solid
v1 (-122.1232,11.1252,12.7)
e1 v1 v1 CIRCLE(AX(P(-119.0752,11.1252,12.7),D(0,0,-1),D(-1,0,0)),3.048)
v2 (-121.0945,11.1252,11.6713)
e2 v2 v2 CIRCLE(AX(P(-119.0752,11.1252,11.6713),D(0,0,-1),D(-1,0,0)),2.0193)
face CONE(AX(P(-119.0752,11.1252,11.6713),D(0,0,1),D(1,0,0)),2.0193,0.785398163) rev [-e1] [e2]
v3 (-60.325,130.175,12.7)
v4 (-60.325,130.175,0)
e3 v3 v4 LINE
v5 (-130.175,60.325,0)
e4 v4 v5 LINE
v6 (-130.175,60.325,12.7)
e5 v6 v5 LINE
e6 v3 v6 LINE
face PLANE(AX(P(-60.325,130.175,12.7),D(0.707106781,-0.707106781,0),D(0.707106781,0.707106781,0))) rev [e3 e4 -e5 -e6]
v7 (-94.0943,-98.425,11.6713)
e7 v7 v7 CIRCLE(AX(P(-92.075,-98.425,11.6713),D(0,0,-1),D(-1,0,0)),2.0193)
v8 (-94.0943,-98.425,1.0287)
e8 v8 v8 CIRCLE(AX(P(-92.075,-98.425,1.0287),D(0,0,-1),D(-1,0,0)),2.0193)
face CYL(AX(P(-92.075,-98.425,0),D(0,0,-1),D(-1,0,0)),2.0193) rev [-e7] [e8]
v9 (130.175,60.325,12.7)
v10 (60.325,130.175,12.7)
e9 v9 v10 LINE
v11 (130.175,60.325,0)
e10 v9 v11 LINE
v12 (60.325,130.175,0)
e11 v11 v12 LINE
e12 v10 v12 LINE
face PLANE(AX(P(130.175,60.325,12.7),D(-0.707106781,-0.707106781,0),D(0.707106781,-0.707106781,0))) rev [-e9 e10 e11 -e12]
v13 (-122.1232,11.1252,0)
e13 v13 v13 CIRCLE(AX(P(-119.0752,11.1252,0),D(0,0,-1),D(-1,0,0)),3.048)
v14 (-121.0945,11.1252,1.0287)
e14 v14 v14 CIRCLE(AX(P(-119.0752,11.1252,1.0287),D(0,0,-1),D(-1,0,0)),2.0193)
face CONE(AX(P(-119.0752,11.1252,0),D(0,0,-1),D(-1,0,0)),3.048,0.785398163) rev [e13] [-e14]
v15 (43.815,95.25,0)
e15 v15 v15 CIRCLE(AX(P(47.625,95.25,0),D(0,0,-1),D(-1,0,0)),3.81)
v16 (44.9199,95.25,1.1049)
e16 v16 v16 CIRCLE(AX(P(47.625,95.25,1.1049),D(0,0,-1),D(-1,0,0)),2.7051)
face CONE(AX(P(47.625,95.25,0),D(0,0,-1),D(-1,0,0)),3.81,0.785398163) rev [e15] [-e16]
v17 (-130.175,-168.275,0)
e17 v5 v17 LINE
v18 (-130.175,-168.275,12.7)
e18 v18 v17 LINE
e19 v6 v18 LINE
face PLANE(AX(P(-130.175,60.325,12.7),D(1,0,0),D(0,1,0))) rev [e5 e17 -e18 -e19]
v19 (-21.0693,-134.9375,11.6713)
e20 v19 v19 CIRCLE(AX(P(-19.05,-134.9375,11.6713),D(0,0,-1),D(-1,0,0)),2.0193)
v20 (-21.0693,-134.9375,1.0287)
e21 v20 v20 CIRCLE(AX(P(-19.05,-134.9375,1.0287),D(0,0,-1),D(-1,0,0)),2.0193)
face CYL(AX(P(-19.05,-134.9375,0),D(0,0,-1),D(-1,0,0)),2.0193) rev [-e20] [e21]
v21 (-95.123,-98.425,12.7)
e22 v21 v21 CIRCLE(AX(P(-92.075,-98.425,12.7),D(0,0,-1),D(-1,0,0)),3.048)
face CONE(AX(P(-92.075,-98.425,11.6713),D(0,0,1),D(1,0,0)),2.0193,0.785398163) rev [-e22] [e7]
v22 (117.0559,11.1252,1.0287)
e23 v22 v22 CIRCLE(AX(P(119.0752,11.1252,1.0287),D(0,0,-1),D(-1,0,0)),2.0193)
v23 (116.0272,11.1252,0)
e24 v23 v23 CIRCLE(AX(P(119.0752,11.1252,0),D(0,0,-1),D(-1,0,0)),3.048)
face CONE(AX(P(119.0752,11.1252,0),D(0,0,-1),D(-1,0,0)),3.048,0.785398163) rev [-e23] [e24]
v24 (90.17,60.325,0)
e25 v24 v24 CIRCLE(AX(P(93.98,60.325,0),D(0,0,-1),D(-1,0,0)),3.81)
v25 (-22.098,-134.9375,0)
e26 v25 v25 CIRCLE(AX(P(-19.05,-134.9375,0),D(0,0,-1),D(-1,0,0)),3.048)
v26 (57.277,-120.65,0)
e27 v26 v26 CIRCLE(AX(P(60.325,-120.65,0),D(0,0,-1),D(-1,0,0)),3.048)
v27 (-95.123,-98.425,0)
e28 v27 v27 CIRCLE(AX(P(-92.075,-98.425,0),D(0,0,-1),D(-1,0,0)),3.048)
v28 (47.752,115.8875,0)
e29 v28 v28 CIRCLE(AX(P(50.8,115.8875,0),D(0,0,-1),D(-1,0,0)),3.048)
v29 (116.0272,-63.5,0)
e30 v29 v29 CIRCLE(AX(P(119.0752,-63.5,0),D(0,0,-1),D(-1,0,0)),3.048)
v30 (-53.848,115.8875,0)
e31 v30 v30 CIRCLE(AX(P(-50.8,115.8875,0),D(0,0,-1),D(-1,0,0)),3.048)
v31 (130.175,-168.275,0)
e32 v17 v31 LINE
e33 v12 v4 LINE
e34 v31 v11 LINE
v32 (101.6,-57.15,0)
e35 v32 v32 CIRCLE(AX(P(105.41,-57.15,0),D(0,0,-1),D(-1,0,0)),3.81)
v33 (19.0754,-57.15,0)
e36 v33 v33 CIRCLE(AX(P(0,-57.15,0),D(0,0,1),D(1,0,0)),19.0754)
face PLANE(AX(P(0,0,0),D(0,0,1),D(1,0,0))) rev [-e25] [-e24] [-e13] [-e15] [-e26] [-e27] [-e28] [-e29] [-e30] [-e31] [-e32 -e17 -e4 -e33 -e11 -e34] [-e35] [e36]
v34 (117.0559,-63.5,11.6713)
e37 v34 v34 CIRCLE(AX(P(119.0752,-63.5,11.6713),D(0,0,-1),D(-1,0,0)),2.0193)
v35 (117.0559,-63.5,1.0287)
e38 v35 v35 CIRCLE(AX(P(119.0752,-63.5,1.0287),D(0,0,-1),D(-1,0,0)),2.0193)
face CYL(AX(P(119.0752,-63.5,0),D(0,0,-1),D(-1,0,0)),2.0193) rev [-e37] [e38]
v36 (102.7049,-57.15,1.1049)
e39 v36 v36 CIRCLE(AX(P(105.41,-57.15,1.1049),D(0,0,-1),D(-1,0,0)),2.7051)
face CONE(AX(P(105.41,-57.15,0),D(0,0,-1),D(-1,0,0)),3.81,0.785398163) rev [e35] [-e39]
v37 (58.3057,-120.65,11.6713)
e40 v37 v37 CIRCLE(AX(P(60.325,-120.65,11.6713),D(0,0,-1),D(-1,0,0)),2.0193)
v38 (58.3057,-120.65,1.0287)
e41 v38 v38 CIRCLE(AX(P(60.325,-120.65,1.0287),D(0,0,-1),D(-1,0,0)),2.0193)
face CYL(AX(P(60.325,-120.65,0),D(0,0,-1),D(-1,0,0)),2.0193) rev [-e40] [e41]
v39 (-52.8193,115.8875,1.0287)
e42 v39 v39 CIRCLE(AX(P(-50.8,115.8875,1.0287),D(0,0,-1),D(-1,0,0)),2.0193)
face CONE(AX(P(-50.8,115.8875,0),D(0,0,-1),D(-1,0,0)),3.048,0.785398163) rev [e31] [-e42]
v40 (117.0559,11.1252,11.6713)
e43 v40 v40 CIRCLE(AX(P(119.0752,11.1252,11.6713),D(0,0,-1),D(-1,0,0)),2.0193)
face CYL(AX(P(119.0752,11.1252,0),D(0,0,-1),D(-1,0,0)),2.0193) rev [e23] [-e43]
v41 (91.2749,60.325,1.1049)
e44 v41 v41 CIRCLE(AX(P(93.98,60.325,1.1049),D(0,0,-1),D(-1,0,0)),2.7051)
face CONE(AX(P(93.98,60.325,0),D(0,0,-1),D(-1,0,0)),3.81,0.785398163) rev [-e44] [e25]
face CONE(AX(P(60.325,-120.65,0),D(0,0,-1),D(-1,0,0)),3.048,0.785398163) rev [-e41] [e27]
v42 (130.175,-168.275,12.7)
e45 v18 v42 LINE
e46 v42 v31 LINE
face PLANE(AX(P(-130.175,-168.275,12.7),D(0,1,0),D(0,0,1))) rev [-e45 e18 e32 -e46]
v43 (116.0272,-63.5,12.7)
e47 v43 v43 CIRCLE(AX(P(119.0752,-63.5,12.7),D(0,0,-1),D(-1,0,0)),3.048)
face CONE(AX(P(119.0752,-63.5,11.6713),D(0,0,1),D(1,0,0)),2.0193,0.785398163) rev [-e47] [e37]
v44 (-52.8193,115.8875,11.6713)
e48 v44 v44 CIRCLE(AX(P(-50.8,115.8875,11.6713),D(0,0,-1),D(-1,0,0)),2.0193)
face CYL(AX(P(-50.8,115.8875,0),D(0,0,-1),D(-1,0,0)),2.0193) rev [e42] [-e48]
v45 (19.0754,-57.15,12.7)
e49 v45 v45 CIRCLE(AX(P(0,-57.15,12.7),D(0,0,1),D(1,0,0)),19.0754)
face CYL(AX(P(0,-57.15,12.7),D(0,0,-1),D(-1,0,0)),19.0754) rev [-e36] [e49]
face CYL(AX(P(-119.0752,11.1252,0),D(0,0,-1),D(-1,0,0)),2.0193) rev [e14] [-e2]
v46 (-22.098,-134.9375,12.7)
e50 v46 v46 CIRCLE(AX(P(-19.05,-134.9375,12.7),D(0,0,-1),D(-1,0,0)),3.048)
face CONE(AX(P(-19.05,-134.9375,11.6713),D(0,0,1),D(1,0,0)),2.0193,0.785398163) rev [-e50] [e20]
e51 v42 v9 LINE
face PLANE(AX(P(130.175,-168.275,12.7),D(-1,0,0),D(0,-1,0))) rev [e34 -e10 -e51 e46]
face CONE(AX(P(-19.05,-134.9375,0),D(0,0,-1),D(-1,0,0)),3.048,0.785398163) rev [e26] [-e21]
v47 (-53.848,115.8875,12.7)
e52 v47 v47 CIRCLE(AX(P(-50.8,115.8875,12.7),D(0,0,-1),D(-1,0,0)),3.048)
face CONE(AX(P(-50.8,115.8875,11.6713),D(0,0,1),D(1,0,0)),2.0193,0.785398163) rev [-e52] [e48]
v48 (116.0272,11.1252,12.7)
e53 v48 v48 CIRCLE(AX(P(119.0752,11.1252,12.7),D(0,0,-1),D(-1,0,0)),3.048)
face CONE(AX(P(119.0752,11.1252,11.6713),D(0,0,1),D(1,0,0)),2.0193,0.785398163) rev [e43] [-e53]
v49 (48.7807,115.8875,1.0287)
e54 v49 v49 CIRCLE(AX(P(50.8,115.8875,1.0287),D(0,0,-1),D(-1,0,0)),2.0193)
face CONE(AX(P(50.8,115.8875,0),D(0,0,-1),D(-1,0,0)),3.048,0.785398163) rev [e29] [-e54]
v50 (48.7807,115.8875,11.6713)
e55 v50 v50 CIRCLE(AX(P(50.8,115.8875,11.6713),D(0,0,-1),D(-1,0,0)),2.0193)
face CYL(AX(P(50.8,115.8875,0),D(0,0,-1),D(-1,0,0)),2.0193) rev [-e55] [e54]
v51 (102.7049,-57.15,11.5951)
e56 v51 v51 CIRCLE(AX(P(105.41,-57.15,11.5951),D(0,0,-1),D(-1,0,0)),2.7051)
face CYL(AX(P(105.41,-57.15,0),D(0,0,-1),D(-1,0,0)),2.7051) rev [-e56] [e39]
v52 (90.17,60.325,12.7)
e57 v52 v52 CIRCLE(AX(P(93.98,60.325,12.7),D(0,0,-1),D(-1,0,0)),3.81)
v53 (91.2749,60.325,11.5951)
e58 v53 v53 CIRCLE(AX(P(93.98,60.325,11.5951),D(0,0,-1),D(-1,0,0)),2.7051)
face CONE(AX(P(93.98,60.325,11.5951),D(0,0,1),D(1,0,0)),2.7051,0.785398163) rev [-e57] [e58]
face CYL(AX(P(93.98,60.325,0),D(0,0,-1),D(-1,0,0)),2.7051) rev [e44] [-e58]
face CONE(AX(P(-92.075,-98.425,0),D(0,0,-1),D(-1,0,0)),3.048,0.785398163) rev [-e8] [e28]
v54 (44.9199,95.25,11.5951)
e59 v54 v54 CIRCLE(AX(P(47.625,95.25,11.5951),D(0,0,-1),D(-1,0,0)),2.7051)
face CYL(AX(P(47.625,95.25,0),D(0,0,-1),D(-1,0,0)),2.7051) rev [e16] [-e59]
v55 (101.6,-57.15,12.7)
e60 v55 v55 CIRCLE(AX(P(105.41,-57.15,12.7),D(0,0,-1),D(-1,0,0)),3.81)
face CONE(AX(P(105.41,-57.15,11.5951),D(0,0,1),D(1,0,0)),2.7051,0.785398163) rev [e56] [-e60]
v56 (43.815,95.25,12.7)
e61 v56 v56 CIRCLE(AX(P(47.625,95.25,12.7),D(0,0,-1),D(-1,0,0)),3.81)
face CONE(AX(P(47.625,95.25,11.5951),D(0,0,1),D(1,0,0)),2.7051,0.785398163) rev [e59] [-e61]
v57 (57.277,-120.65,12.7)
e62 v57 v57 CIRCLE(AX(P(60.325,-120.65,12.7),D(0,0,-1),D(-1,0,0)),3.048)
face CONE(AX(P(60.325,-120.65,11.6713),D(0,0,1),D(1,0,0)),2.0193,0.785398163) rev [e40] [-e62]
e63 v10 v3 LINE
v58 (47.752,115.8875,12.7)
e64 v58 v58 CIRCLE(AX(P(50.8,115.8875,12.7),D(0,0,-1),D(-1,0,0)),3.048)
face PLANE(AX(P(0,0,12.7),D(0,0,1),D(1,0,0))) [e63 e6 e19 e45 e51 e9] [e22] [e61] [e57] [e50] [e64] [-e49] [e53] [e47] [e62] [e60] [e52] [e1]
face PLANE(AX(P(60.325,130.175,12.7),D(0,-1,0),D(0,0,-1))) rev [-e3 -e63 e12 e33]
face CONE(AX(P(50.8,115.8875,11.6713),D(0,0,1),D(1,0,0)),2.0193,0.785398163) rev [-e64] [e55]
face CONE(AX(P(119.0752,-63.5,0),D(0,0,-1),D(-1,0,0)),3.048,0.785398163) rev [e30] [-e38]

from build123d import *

# Parameters (mm, degrees)
BOSS_EXTRUDE1_DEPTH              = 12.7
SKETCH2_R                        = 19.0754
CUT_EXTRUDE2_DEPTH               = 214.127417875
F_10_32_TAPPED_HOLE2_AT_2_COUNT  = 2
F_10_32_TAPPED_HOLE2_AT_2_PITCH  = 101.6
F_10_32_TAPPED_HOLE2_AT_3_COUNT  = 2
F_10_32_TAPPED_HOLE2_AT_3_PITCH  = 199.581369562
F_10_32_TAPPED_HOLE2_AT_4_COUNT  = 2
F_10_32_TAPPED_HOLE2_AT_4_PITCH  = 257.571569241
F_10_32_TAPPED_HOLE2_AT_5_COUNT  = 2
F_10_32_TAPPED_HOLE2_AT_5_PITCH  = 260.369359036
F_10_32_TAPPED_HOLE2_AT_6_COUNT  = 2
F_10_32_TAPPED_HOLE2_AT_6_PITCH  = 236.729200842
F_10_32_TAPPED_HOLE2_AT_7_COUNT  = 2
F_10_32_TAPPED_HOLE2_AT_7_PITCH  = 125.046561074
F_10_32_TAPPED_HOLE2_AT_8_COUNT  = 2
F_10_32_TAPPED_HOLE2_AT_8_PITCH  = 191.941079739
F_1_4_28_TAPPED_HOLE1_AT_2_COUNT = 2
F_1_4_28_TAPPED_HOLE1_AT_2_PITCH = 118.029744238
F_1_4_28_TAPPED_HOLE1_AT_3_COUNT = 2
F_1_4_28_TAPPED_HOLE1_AT_3_PITCH = 162.987319215


with BuildPart() as part:
    # Sketch1 → Boss-Extrude1 (new body)
    with BuildSketch(Plane.XY):
        Polygon((-130.175, -168.275), (130.175, -168.275), (130.175, 60.325), (60.325, 130.175), (-60.325, 130.175), (-130.175, 60.325), align=None)
    extrude(amount=BOSS_EXTRUDE1_DEPTH)

    # Sketch2 → Cut-Extrude2 (cut, through all)
    with BuildSketch(Plane.XY):
        with Locations((0, -57.15)):
            Circle(SKETCH2_R)
    extrude(amount=CUT_EXTRUDE2_DEPTH, mode=Mode.SUBTRACT)

    # Sketch5 → #10-32 Tapped Hole2 (revolve, cut)
    with BuildSketch(Plane(origin=(50.8, 115.8875, 0), x_dir=(0, 1, 0), z_dir=(1, 0, 0))):
        Polygon((0, 0), (0, 12.7), (3.048, 12.7), (2.0193, 11.6713), (2.0193, 1.0287), (3.048, 0), align=None)
    f_10_32_tapped_hole2 = revolve(axis=Axis((50.8, 115.8875, -6.35), (0, 0, 1)), mode=Mode.SUBTRACT)

    # #10-32 Tapped Hole2 at 2: #10-32 Tapped Hole2 ×2
    with Locations(*[(-i * F_10_32_TAPPED_HOLE2_AT_2_PITCH, 0, 0) for i in range(1, F_10_32_TAPPED_HOLE2_AT_2_COUNT)]):
        add(f_10_32_tapped_hole2, mode=Mode.SUBTRACT)

    # #10-32 Tapped Hole2 at 3: #10-32 Tapped Hole2 ×2
    with Locations(*[Vector(-0.8511576023985749, -0.5249102169696354, 0) * (i * F_10_32_TAPPED_HOLE2_AT_3_PITCH) for i in range(1, F_10_32_TAPPED_HOLE2_AT_3_COUNT)]):
        add(f_10_32_tapped_hole2, mode=Mode.SUBTRACT)

    # #10-32 Tapped Hole2 at 4: #10-32 Tapped Hole2 ×2
    with Locations(*[Vector(-0.5547001962252293, -0.8320502943378437, 0) * (i * F_10_32_TAPPED_HOLE2_AT_4_PITCH) for i in range(1, F_10_32_TAPPED_HOLE2_AT_4_COUNT)]):
        add(f_10_32_tapped_hole2, mode=Mode.SUBTRACT)

    # #10-32 Tapped Hole2 at 5: #10-32 Tapped Hole2 ×2
    with Locations(*[Vector(-0.26827273477386476, -0.963343002142514, 0) * (i * F_10_32_TAPPED_HOLE2_AT_5_PITCH) for i in range(1, F_10_32_TAPPED_HOLE2_AT_5_COUNT)]):
        add(f_10_32_tapped_hole2, mode=Mode.SUBTRACT)

    # #10-32 Tapped Hole2 at 6: #10-32 Tapped Hole2 ×2
    with Locations(*[Vector(0.04023584739915886, -0.9991902104124478, 0) * (i * F_10_32_TAPPED_HOLE2_AT_6_PITCH) for i in range(1, F_10_32_TAPPED_HOLE2_AT_6_COUNT)]):
        add(f_10_32_tapped_hole2, mode=Mode.SUBTRACT)

    # #10-32 Tapped Hole2 at 7: #10-32 Tapped Hole2 ×2
    with Locations(*[Vector(0.5459982218929023, -0.8377863341507721, 0) * (i * F_10_32_TAPPED_HOLE2_AT_7_PITCH) for i in range(1, F_10_32_TAPPED_HOLE2_AT_7_COUNT)]):
        add(f_10_32_tapped_hole2, mode=Mode.SUBTRACT)

    # #10-32 Tapped Hole2 at 8: #10-32 Tapped Hole2 ×2
    with Locations(*[Vector(0.35570915873202924, -0.9345967014676182, 0) * (i * F_10_32_TAPPED_HOLE2_AT_8_PITCH) for i in range(1, F_10_32_TAPPED_HOLE2_AT_8_COUNT)]):
        add(f_10_32_tapped_hole2, mode=Mode.SUBTRACT)

    # Sketch7 → 1/4-28 Tapped Hole1 (revolve, cut)
    with BuildSketch(Plane(origin=(105.41, -57.15, 0), x_dir=(0, 1, 0), z_dir=(1, 0, 0))):
        Polygon((0, 0), (0, 12.7), (3.81, 12.7), (2.7051, 11.5951), (2.7051, 1.1049), (3.81, 0), align=None)
    f_1_4_28_tapped_hole1 = revolve(axis=Axis((105.41, -57.15, -6.35), (0, 0, 1)), mode=Mode.SUBTRACT)

    # 1/4-28 Tapped Hole1 at 2: 1/4-28 Tapped Hole1 ×2
    with Locations(*[Vector(-0.09683999633944815, 0.9952999623776622, 0) * (i * F_1_4_28_TAPPED_HOLE1_AT_2_PITCH) for i in range(1, F_1_4_28_TAPPED_HOLE1_AT_2_COUNT)]):
        add(f_1_4_28_tapped_hole1, mode=Mode.SUBTRACT)

    # 1/4-28 Tapped Hole1 at 3: 1/4-28 Tapped Hole1 ×2
    with Locations(*[Vector(-0.35453678407740086, 0.9350420678964421, 0) * (i * F_1_4_28_TAPPED_HOLE1_AT_3_PITCH) for i in range(1, F_1_4_28_TAPPED_HOLE1_AT_3_COUNT)]):
        add(f_1_4_28_tapped_hole1, mode=Mode.SUBTRACT)


solid = part.part
